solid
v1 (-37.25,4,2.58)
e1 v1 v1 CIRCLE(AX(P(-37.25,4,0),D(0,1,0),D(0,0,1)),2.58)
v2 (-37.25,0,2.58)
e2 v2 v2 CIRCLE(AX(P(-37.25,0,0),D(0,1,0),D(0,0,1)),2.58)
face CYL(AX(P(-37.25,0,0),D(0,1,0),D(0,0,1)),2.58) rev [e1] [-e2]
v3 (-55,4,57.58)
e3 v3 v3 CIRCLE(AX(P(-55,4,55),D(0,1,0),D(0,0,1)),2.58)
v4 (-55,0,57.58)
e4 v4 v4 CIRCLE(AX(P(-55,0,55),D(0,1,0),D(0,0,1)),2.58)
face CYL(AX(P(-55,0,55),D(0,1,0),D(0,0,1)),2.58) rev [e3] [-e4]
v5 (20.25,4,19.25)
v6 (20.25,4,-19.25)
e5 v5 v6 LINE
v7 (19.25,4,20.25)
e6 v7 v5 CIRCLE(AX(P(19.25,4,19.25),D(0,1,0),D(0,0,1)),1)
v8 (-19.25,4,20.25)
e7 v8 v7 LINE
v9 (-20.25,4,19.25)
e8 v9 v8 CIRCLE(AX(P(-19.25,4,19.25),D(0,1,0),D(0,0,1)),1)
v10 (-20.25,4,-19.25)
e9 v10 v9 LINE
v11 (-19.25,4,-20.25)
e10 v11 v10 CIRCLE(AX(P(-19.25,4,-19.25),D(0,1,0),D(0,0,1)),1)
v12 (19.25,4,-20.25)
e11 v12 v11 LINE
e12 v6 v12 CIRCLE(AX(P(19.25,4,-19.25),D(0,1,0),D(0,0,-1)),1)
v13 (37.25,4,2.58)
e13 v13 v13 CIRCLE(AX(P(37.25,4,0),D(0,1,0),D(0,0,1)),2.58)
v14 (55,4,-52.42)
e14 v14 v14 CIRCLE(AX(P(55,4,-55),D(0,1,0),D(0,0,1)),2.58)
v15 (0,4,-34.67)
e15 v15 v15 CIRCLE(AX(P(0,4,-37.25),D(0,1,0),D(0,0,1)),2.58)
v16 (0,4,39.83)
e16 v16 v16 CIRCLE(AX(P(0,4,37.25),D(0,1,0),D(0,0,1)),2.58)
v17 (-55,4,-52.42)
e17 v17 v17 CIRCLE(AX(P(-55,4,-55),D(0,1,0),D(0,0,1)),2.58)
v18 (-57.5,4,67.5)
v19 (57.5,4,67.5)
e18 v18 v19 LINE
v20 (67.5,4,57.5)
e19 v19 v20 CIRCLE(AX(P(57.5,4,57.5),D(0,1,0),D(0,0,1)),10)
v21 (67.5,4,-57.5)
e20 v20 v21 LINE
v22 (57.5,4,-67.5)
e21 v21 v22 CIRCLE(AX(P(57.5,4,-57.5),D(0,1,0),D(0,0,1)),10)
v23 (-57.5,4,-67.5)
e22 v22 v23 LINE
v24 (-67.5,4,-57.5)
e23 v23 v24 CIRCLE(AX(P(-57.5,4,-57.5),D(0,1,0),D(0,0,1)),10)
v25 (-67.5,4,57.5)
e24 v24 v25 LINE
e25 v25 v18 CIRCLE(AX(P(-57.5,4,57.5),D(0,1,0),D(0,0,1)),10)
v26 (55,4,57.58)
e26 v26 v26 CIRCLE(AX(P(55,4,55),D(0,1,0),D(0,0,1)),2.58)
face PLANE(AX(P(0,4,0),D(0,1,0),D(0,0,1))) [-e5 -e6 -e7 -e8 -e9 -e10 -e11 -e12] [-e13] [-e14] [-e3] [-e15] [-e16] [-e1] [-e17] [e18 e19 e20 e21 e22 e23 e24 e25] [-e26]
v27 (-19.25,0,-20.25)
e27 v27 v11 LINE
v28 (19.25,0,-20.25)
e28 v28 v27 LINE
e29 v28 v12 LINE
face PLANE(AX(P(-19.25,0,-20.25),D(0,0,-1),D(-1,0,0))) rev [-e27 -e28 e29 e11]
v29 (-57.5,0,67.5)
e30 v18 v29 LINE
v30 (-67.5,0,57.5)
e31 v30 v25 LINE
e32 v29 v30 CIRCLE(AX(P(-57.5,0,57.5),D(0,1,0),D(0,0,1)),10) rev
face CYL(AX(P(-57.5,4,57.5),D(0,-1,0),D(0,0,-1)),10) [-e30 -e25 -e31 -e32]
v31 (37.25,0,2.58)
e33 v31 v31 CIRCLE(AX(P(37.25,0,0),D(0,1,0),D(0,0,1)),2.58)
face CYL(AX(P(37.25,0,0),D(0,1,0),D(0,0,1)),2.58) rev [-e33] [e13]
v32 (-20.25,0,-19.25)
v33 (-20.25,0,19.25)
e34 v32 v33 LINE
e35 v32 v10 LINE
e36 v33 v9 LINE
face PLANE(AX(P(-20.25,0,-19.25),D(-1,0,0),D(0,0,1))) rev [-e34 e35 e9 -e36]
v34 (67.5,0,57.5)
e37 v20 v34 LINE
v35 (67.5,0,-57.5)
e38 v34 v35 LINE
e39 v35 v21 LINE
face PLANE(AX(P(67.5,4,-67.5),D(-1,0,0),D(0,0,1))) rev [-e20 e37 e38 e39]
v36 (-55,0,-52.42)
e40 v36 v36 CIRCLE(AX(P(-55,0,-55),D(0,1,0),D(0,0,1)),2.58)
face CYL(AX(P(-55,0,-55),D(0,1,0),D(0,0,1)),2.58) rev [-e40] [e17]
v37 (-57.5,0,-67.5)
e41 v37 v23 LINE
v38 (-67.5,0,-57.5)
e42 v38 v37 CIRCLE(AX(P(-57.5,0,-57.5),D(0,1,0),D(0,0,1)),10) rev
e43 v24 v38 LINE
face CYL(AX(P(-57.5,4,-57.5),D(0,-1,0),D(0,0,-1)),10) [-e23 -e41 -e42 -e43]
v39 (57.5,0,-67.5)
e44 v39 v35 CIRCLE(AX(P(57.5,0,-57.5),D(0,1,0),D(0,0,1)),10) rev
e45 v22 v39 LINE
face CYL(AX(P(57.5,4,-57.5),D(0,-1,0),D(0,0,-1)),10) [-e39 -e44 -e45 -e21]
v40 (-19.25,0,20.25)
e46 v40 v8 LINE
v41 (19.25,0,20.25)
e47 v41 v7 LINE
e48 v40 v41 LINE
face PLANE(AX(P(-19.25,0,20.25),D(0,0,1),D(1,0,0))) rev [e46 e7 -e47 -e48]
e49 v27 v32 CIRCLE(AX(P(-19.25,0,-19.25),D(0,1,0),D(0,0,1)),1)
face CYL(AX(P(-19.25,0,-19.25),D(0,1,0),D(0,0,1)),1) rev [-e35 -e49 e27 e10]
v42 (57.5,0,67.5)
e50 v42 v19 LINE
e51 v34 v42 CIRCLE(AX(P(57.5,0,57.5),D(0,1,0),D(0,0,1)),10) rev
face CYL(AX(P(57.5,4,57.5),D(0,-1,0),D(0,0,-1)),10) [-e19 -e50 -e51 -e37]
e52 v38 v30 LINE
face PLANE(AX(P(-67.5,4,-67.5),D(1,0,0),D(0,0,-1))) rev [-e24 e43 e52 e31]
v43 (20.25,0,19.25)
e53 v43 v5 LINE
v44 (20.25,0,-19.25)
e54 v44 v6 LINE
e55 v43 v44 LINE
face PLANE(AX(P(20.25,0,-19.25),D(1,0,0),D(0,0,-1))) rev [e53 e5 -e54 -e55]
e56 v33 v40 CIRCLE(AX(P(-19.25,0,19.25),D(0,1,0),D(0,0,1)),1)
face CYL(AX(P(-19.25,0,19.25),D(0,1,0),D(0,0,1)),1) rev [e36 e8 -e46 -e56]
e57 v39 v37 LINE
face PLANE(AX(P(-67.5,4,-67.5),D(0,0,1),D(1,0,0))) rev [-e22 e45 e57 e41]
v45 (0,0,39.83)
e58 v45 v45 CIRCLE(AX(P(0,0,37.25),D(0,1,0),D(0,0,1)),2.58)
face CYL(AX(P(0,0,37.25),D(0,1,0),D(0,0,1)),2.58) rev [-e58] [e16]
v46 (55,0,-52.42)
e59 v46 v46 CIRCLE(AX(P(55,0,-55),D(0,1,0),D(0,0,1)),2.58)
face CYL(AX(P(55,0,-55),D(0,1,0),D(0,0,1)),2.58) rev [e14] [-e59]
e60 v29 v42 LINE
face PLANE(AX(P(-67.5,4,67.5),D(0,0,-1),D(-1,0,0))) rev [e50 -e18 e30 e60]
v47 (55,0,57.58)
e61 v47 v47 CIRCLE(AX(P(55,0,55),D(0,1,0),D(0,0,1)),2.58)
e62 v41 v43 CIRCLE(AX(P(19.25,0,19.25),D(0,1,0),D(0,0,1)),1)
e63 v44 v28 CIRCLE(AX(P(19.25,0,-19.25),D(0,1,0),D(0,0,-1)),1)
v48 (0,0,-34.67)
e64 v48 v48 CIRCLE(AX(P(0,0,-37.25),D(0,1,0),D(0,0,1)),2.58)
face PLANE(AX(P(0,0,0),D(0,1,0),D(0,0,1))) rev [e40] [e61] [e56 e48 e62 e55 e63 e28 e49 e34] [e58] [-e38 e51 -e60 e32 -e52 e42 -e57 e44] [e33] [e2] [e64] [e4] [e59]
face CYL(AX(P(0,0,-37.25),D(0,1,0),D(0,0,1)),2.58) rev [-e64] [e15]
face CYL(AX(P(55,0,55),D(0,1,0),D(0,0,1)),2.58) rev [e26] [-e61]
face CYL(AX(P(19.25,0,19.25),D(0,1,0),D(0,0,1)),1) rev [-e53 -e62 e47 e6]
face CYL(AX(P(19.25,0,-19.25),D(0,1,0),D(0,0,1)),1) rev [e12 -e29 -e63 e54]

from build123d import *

# Parameters (mm, degrees)
SKETCH1_W           = 135
SKETCH1_H           = 135
BOSS_EXTRUDE1_DEPTH = 4
CUT_EXTRUDE1_DEPTH  = 96.543183954
SKETCH5_R           = 2.58
CUT_EXTRUDE2_DEPTH  = 96.543183954
SKETCH6_R           = 2.58
CUT_EXTRUDE3_DEPTH  = 96.543183954
FILLET1_R           = 10


with BuildPart() as part:
    # Sketch1 → Boss-Extrude1 (new body)
    with BuildSketch(Plane(origin=(0, 0, 0), x_dir=(1, 0, 0), z_dir=(0, 1, 0))):
        Rectangle(SKETCH1_W, SKETCH1_H)
    extrude(amount=BOSS_EXTRUDE1_DEPTH)

    # Sketch4 → Cut-Extrude1 (cut, through all)
    with BuildSketch(Plane(origin=(0, 4, 0), x_dir=(1, 0, 0), z_dir=(0, 1, 0))):
        with BuildLine():
            Line((-19.25, 20.25), (19.25, 20.25))
            ThreePointArc((19.25, 20.25), (19.957106781, 19.957106781), (20.25, 19.25))
            Line((20.25, 19.25), (20.25, -19.25))
            ThreePointArc((20.25, -19.25), (19.957106781, -19.957106781), (19.25, -20.25))
            Line((19.25, -20.25), (-19.25, -20.25))
            ThreePointArc((-19.25, -20.25), (-19.957106781, -19.957106781), (-20.25, -19.25))
            Line((-20.25, -19.25), (-20.25, 19.25))
            ThreePointArc((-20.25, 19.25), (-19.957106781, 19.957106781), (-19.25, 20.25))
        make_face()
    extrude(amount=-CUT_EXTRUDE1_DEPTH, mode=Mode.SUBTRACT)

    # Sketch5 → Cut-Extrude2 (cut, through all)
    with BuildSketch(Plane(origin=(0, 4, 0), x_dir=(1, 0, 0), z_dir=(0, 1, 0))):
        with Locations(Location((-37.25, 0, 0), (0, 0, 270))):
            Circle(SKETCH5_R)
        with Locations(Location((0, 37.25, 0), (0, 0, 270))):
            Circle(SKETCH5_R)
        with Locations(Location((37.25, 0, 0), (0, 0, 270))):
            Circle(SKETCH5_R)
        with Locations(Location((0, -37.25, 0), (0, 0, 270))):
            Circle(SKETCH5_R)
    extrude(amount=-CUT_EXTRUDE2_DEPTH, mode=Mode.SUBTRACT)

    # Sketch6 → Cut-Extrude3 (cut, through all)
    with BuildSketch(Plane(origin=(0, 4, 0), x_dir=(1, 0, 0), z_dir=(0, 1, 0))):
        with Locations(Location((-55, 55, 0), (0, 0, 270))):
            Circle(SKETCH6_R)
        with Locations(Location((55, 55, 0), (0, 0, 270))):
            Circle(SKETCH6_R)
        with Locations(Location((55, -55, 0), (0, 0, 270))):
            Circle(SKETCH6_R)
        with Locations(Location((-55, -55, 0), (0, 0, 270))):
            Circle(SKETCH6_R)
    extrude(amount=-CUT_EXTRUDE3_DEPTH, mode=Mode.SUBTRACT)

    # Fillet1
    fillet1_edges = [part.edges().sort_by_distance(p)[0] for p in [
        (67.5, 2, 67.5),
        (-67.5, 2, 67.5),
        (-67.5, 2, -67.5),
        (67.5, 2, -67.5),
    ]]
    fillet(fillet1_edges, radius=FILLET1_R)


solid = part.part
